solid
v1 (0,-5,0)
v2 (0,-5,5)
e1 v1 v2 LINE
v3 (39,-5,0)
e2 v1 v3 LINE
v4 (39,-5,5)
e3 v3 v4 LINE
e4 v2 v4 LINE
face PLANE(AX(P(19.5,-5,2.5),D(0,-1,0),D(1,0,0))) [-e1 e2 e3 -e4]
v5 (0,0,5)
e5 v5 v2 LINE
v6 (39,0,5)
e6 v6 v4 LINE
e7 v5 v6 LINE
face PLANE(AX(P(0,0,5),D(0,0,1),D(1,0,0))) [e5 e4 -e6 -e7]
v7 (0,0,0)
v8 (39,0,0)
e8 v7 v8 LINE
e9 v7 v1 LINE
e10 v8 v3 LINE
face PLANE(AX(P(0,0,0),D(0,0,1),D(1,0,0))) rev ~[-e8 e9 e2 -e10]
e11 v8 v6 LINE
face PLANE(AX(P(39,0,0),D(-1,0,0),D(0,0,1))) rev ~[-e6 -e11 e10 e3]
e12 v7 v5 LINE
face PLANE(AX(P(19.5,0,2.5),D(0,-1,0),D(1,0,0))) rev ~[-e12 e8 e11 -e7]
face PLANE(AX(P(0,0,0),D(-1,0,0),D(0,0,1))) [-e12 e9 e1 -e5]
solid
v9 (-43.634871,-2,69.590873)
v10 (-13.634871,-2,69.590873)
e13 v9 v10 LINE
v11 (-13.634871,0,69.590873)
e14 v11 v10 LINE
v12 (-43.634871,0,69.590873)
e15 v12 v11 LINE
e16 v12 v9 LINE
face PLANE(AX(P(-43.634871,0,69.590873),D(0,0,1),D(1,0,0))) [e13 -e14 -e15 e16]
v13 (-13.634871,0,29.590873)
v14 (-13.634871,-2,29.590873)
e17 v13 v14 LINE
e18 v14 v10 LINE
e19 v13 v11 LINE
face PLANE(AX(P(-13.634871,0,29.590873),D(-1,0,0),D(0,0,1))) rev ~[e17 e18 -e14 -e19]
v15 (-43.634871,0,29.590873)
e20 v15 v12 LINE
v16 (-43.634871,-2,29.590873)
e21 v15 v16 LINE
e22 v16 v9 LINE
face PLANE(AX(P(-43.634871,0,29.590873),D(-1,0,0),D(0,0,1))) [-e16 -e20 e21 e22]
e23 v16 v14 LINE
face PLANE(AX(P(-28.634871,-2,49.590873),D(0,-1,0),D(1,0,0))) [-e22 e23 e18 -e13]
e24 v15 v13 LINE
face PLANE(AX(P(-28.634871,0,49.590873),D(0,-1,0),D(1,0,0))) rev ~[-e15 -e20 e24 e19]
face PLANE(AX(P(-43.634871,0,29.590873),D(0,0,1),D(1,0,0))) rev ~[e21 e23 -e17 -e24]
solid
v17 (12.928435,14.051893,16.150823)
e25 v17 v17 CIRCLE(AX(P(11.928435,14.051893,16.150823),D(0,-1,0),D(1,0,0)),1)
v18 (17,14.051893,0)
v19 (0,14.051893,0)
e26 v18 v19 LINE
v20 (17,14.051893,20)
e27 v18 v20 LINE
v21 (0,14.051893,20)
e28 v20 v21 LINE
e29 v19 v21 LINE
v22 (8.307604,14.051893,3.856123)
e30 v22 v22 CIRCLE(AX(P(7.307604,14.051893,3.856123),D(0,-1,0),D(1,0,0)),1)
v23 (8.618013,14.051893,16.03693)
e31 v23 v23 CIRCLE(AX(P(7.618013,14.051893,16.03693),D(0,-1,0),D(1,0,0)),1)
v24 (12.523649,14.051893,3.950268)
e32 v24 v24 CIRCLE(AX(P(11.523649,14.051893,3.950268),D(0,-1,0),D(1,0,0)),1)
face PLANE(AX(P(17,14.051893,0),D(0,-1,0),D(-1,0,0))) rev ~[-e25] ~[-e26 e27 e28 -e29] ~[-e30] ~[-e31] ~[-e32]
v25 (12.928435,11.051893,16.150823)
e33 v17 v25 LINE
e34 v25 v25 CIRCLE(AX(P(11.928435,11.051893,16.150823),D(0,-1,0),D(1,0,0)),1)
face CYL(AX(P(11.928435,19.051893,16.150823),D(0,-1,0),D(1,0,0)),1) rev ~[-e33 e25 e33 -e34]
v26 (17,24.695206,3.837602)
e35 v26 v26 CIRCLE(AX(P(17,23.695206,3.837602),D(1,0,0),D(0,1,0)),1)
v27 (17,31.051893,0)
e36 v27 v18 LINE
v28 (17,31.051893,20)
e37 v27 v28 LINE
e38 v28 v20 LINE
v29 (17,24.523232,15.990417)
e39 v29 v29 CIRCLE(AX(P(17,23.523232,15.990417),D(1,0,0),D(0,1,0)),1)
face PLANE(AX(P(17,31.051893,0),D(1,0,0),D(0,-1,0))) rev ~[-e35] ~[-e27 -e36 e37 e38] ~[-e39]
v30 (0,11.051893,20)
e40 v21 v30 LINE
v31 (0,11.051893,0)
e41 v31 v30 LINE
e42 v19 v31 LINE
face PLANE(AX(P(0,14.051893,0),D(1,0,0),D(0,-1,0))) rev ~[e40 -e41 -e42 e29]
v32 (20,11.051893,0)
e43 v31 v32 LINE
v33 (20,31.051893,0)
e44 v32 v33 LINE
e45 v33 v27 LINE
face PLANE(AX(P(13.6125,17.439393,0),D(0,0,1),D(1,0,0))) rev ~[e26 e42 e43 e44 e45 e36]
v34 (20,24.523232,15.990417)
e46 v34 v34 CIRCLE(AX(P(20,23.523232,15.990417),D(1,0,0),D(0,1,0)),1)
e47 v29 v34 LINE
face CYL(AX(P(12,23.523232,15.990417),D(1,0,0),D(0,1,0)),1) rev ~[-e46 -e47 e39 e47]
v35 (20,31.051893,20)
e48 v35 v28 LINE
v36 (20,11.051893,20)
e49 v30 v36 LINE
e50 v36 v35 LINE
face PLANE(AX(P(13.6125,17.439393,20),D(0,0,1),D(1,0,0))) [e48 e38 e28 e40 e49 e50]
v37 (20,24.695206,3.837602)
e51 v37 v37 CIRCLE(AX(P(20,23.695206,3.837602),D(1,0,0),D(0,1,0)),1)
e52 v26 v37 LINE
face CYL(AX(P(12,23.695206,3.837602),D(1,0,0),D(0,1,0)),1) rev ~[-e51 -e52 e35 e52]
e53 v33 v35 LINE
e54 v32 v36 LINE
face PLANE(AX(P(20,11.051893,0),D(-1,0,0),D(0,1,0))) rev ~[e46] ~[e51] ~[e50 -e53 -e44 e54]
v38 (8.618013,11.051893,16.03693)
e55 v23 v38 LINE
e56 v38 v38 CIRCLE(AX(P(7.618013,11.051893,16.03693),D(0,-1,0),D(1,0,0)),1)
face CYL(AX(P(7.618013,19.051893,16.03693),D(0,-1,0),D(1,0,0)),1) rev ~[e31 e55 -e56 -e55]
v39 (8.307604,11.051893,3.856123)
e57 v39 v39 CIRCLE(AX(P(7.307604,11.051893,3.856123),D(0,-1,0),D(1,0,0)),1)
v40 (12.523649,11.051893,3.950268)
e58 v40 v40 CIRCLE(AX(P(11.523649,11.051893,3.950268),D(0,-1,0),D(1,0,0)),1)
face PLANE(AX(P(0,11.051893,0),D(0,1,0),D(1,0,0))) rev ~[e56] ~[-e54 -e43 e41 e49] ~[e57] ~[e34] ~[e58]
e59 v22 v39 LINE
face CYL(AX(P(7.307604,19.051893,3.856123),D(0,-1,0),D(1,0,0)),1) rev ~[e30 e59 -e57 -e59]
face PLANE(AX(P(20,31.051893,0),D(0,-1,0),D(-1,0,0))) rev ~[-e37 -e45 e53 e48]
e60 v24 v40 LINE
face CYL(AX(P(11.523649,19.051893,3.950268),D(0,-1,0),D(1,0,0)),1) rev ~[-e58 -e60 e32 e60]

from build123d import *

# Parameters (mm, degrees)
F0_W           = 39
F0_H           = 5
F1_DEPTH       = 5
F2_W           = 30
F2_H           = 40
F3_DEPTH       = 2
F5_DEPTH       = 20
F8_D           = 2
F8_DEPTH       = 5
F8_TIP         = 0.600860619
F8_ON_F6_D     = 2
F8_ON_F6_DEPTH = 5
F8_ON_F6_TIP   = 0.600860619


with BuildPart() as f1:
    # F0 (on Front) → F1 (new body)
    with BuildSketch(Plane.XZ):
        with Locations((19.5, 2.5)):
            Rectangle(F0_W, F0_H)
    extrude(amount=F1_DEPTH)


with BuildPart() as f3:
    # F2 (on Front) → F3 (new body)
    with BuildSketch(Plane.XZ):
        with Locations((-28.6348711327, 49.5908727205)):
            Rectangle(F2_W, F2_H)
    extrude(amount=F3_DEPTH)


with BuildPart() as f5:
    # F4 (on Top) → F5 (new body)
    with BuildSketch(Plane.XY):
        Polygon((17, 14.0518931171), (0, 14.0518931171), (0, 11.0518931171), (20, 11.0518931171), (20, 31.0518931171), (17, 31.0518931171), align=None)
    extrude(amount=F5_DEPTH)

    # F8
    with Locations(Plane(origin=(0, 14.0518931171, 0), x_dir=(-1, 0, 0), z_dir=(0, 1, 0))):
        with Locations((-7.3076039553, 3.8561229594), (-11.5236490965, 3.9502684958), (-11.928435415, 16.150822863), (-7.6180133037, 16.0369295627)):
            Hole(F8_D / 2, depth=F8_DEPTH)
            with Locations((0, 0, -(F8_DEPTH + F8_TIP / 2))):  # 118° drill point
                Cone(0, F8_D / 2, F8_TIP, mode=Mode.SUBTRACT)

    # F8 on F6
    with Locations(Plane(origin=(17, 0, 0), x_dir=(0, -1, 0), z_dir=(-1, 0, 0))):
        with Locations((-23.5232319683, 15.9904174507), (-23.6952062696, 3.8376019802)):
            Hole(F8_ON_F6_D / 2, depth=F8_ON_F6_DEPTH)
            with Locations((0, 0, -(F8_ON_F6_DEPTH + F8_ON_F6_TIP / 2))):  # 118° drill point
                Cone(0, F8_ON_F6_D / 2, F8_ON_F6_TIP, mode=Mode.SUBTRACT)


solid = Compound([f1.part, f3.part, f5.part])
